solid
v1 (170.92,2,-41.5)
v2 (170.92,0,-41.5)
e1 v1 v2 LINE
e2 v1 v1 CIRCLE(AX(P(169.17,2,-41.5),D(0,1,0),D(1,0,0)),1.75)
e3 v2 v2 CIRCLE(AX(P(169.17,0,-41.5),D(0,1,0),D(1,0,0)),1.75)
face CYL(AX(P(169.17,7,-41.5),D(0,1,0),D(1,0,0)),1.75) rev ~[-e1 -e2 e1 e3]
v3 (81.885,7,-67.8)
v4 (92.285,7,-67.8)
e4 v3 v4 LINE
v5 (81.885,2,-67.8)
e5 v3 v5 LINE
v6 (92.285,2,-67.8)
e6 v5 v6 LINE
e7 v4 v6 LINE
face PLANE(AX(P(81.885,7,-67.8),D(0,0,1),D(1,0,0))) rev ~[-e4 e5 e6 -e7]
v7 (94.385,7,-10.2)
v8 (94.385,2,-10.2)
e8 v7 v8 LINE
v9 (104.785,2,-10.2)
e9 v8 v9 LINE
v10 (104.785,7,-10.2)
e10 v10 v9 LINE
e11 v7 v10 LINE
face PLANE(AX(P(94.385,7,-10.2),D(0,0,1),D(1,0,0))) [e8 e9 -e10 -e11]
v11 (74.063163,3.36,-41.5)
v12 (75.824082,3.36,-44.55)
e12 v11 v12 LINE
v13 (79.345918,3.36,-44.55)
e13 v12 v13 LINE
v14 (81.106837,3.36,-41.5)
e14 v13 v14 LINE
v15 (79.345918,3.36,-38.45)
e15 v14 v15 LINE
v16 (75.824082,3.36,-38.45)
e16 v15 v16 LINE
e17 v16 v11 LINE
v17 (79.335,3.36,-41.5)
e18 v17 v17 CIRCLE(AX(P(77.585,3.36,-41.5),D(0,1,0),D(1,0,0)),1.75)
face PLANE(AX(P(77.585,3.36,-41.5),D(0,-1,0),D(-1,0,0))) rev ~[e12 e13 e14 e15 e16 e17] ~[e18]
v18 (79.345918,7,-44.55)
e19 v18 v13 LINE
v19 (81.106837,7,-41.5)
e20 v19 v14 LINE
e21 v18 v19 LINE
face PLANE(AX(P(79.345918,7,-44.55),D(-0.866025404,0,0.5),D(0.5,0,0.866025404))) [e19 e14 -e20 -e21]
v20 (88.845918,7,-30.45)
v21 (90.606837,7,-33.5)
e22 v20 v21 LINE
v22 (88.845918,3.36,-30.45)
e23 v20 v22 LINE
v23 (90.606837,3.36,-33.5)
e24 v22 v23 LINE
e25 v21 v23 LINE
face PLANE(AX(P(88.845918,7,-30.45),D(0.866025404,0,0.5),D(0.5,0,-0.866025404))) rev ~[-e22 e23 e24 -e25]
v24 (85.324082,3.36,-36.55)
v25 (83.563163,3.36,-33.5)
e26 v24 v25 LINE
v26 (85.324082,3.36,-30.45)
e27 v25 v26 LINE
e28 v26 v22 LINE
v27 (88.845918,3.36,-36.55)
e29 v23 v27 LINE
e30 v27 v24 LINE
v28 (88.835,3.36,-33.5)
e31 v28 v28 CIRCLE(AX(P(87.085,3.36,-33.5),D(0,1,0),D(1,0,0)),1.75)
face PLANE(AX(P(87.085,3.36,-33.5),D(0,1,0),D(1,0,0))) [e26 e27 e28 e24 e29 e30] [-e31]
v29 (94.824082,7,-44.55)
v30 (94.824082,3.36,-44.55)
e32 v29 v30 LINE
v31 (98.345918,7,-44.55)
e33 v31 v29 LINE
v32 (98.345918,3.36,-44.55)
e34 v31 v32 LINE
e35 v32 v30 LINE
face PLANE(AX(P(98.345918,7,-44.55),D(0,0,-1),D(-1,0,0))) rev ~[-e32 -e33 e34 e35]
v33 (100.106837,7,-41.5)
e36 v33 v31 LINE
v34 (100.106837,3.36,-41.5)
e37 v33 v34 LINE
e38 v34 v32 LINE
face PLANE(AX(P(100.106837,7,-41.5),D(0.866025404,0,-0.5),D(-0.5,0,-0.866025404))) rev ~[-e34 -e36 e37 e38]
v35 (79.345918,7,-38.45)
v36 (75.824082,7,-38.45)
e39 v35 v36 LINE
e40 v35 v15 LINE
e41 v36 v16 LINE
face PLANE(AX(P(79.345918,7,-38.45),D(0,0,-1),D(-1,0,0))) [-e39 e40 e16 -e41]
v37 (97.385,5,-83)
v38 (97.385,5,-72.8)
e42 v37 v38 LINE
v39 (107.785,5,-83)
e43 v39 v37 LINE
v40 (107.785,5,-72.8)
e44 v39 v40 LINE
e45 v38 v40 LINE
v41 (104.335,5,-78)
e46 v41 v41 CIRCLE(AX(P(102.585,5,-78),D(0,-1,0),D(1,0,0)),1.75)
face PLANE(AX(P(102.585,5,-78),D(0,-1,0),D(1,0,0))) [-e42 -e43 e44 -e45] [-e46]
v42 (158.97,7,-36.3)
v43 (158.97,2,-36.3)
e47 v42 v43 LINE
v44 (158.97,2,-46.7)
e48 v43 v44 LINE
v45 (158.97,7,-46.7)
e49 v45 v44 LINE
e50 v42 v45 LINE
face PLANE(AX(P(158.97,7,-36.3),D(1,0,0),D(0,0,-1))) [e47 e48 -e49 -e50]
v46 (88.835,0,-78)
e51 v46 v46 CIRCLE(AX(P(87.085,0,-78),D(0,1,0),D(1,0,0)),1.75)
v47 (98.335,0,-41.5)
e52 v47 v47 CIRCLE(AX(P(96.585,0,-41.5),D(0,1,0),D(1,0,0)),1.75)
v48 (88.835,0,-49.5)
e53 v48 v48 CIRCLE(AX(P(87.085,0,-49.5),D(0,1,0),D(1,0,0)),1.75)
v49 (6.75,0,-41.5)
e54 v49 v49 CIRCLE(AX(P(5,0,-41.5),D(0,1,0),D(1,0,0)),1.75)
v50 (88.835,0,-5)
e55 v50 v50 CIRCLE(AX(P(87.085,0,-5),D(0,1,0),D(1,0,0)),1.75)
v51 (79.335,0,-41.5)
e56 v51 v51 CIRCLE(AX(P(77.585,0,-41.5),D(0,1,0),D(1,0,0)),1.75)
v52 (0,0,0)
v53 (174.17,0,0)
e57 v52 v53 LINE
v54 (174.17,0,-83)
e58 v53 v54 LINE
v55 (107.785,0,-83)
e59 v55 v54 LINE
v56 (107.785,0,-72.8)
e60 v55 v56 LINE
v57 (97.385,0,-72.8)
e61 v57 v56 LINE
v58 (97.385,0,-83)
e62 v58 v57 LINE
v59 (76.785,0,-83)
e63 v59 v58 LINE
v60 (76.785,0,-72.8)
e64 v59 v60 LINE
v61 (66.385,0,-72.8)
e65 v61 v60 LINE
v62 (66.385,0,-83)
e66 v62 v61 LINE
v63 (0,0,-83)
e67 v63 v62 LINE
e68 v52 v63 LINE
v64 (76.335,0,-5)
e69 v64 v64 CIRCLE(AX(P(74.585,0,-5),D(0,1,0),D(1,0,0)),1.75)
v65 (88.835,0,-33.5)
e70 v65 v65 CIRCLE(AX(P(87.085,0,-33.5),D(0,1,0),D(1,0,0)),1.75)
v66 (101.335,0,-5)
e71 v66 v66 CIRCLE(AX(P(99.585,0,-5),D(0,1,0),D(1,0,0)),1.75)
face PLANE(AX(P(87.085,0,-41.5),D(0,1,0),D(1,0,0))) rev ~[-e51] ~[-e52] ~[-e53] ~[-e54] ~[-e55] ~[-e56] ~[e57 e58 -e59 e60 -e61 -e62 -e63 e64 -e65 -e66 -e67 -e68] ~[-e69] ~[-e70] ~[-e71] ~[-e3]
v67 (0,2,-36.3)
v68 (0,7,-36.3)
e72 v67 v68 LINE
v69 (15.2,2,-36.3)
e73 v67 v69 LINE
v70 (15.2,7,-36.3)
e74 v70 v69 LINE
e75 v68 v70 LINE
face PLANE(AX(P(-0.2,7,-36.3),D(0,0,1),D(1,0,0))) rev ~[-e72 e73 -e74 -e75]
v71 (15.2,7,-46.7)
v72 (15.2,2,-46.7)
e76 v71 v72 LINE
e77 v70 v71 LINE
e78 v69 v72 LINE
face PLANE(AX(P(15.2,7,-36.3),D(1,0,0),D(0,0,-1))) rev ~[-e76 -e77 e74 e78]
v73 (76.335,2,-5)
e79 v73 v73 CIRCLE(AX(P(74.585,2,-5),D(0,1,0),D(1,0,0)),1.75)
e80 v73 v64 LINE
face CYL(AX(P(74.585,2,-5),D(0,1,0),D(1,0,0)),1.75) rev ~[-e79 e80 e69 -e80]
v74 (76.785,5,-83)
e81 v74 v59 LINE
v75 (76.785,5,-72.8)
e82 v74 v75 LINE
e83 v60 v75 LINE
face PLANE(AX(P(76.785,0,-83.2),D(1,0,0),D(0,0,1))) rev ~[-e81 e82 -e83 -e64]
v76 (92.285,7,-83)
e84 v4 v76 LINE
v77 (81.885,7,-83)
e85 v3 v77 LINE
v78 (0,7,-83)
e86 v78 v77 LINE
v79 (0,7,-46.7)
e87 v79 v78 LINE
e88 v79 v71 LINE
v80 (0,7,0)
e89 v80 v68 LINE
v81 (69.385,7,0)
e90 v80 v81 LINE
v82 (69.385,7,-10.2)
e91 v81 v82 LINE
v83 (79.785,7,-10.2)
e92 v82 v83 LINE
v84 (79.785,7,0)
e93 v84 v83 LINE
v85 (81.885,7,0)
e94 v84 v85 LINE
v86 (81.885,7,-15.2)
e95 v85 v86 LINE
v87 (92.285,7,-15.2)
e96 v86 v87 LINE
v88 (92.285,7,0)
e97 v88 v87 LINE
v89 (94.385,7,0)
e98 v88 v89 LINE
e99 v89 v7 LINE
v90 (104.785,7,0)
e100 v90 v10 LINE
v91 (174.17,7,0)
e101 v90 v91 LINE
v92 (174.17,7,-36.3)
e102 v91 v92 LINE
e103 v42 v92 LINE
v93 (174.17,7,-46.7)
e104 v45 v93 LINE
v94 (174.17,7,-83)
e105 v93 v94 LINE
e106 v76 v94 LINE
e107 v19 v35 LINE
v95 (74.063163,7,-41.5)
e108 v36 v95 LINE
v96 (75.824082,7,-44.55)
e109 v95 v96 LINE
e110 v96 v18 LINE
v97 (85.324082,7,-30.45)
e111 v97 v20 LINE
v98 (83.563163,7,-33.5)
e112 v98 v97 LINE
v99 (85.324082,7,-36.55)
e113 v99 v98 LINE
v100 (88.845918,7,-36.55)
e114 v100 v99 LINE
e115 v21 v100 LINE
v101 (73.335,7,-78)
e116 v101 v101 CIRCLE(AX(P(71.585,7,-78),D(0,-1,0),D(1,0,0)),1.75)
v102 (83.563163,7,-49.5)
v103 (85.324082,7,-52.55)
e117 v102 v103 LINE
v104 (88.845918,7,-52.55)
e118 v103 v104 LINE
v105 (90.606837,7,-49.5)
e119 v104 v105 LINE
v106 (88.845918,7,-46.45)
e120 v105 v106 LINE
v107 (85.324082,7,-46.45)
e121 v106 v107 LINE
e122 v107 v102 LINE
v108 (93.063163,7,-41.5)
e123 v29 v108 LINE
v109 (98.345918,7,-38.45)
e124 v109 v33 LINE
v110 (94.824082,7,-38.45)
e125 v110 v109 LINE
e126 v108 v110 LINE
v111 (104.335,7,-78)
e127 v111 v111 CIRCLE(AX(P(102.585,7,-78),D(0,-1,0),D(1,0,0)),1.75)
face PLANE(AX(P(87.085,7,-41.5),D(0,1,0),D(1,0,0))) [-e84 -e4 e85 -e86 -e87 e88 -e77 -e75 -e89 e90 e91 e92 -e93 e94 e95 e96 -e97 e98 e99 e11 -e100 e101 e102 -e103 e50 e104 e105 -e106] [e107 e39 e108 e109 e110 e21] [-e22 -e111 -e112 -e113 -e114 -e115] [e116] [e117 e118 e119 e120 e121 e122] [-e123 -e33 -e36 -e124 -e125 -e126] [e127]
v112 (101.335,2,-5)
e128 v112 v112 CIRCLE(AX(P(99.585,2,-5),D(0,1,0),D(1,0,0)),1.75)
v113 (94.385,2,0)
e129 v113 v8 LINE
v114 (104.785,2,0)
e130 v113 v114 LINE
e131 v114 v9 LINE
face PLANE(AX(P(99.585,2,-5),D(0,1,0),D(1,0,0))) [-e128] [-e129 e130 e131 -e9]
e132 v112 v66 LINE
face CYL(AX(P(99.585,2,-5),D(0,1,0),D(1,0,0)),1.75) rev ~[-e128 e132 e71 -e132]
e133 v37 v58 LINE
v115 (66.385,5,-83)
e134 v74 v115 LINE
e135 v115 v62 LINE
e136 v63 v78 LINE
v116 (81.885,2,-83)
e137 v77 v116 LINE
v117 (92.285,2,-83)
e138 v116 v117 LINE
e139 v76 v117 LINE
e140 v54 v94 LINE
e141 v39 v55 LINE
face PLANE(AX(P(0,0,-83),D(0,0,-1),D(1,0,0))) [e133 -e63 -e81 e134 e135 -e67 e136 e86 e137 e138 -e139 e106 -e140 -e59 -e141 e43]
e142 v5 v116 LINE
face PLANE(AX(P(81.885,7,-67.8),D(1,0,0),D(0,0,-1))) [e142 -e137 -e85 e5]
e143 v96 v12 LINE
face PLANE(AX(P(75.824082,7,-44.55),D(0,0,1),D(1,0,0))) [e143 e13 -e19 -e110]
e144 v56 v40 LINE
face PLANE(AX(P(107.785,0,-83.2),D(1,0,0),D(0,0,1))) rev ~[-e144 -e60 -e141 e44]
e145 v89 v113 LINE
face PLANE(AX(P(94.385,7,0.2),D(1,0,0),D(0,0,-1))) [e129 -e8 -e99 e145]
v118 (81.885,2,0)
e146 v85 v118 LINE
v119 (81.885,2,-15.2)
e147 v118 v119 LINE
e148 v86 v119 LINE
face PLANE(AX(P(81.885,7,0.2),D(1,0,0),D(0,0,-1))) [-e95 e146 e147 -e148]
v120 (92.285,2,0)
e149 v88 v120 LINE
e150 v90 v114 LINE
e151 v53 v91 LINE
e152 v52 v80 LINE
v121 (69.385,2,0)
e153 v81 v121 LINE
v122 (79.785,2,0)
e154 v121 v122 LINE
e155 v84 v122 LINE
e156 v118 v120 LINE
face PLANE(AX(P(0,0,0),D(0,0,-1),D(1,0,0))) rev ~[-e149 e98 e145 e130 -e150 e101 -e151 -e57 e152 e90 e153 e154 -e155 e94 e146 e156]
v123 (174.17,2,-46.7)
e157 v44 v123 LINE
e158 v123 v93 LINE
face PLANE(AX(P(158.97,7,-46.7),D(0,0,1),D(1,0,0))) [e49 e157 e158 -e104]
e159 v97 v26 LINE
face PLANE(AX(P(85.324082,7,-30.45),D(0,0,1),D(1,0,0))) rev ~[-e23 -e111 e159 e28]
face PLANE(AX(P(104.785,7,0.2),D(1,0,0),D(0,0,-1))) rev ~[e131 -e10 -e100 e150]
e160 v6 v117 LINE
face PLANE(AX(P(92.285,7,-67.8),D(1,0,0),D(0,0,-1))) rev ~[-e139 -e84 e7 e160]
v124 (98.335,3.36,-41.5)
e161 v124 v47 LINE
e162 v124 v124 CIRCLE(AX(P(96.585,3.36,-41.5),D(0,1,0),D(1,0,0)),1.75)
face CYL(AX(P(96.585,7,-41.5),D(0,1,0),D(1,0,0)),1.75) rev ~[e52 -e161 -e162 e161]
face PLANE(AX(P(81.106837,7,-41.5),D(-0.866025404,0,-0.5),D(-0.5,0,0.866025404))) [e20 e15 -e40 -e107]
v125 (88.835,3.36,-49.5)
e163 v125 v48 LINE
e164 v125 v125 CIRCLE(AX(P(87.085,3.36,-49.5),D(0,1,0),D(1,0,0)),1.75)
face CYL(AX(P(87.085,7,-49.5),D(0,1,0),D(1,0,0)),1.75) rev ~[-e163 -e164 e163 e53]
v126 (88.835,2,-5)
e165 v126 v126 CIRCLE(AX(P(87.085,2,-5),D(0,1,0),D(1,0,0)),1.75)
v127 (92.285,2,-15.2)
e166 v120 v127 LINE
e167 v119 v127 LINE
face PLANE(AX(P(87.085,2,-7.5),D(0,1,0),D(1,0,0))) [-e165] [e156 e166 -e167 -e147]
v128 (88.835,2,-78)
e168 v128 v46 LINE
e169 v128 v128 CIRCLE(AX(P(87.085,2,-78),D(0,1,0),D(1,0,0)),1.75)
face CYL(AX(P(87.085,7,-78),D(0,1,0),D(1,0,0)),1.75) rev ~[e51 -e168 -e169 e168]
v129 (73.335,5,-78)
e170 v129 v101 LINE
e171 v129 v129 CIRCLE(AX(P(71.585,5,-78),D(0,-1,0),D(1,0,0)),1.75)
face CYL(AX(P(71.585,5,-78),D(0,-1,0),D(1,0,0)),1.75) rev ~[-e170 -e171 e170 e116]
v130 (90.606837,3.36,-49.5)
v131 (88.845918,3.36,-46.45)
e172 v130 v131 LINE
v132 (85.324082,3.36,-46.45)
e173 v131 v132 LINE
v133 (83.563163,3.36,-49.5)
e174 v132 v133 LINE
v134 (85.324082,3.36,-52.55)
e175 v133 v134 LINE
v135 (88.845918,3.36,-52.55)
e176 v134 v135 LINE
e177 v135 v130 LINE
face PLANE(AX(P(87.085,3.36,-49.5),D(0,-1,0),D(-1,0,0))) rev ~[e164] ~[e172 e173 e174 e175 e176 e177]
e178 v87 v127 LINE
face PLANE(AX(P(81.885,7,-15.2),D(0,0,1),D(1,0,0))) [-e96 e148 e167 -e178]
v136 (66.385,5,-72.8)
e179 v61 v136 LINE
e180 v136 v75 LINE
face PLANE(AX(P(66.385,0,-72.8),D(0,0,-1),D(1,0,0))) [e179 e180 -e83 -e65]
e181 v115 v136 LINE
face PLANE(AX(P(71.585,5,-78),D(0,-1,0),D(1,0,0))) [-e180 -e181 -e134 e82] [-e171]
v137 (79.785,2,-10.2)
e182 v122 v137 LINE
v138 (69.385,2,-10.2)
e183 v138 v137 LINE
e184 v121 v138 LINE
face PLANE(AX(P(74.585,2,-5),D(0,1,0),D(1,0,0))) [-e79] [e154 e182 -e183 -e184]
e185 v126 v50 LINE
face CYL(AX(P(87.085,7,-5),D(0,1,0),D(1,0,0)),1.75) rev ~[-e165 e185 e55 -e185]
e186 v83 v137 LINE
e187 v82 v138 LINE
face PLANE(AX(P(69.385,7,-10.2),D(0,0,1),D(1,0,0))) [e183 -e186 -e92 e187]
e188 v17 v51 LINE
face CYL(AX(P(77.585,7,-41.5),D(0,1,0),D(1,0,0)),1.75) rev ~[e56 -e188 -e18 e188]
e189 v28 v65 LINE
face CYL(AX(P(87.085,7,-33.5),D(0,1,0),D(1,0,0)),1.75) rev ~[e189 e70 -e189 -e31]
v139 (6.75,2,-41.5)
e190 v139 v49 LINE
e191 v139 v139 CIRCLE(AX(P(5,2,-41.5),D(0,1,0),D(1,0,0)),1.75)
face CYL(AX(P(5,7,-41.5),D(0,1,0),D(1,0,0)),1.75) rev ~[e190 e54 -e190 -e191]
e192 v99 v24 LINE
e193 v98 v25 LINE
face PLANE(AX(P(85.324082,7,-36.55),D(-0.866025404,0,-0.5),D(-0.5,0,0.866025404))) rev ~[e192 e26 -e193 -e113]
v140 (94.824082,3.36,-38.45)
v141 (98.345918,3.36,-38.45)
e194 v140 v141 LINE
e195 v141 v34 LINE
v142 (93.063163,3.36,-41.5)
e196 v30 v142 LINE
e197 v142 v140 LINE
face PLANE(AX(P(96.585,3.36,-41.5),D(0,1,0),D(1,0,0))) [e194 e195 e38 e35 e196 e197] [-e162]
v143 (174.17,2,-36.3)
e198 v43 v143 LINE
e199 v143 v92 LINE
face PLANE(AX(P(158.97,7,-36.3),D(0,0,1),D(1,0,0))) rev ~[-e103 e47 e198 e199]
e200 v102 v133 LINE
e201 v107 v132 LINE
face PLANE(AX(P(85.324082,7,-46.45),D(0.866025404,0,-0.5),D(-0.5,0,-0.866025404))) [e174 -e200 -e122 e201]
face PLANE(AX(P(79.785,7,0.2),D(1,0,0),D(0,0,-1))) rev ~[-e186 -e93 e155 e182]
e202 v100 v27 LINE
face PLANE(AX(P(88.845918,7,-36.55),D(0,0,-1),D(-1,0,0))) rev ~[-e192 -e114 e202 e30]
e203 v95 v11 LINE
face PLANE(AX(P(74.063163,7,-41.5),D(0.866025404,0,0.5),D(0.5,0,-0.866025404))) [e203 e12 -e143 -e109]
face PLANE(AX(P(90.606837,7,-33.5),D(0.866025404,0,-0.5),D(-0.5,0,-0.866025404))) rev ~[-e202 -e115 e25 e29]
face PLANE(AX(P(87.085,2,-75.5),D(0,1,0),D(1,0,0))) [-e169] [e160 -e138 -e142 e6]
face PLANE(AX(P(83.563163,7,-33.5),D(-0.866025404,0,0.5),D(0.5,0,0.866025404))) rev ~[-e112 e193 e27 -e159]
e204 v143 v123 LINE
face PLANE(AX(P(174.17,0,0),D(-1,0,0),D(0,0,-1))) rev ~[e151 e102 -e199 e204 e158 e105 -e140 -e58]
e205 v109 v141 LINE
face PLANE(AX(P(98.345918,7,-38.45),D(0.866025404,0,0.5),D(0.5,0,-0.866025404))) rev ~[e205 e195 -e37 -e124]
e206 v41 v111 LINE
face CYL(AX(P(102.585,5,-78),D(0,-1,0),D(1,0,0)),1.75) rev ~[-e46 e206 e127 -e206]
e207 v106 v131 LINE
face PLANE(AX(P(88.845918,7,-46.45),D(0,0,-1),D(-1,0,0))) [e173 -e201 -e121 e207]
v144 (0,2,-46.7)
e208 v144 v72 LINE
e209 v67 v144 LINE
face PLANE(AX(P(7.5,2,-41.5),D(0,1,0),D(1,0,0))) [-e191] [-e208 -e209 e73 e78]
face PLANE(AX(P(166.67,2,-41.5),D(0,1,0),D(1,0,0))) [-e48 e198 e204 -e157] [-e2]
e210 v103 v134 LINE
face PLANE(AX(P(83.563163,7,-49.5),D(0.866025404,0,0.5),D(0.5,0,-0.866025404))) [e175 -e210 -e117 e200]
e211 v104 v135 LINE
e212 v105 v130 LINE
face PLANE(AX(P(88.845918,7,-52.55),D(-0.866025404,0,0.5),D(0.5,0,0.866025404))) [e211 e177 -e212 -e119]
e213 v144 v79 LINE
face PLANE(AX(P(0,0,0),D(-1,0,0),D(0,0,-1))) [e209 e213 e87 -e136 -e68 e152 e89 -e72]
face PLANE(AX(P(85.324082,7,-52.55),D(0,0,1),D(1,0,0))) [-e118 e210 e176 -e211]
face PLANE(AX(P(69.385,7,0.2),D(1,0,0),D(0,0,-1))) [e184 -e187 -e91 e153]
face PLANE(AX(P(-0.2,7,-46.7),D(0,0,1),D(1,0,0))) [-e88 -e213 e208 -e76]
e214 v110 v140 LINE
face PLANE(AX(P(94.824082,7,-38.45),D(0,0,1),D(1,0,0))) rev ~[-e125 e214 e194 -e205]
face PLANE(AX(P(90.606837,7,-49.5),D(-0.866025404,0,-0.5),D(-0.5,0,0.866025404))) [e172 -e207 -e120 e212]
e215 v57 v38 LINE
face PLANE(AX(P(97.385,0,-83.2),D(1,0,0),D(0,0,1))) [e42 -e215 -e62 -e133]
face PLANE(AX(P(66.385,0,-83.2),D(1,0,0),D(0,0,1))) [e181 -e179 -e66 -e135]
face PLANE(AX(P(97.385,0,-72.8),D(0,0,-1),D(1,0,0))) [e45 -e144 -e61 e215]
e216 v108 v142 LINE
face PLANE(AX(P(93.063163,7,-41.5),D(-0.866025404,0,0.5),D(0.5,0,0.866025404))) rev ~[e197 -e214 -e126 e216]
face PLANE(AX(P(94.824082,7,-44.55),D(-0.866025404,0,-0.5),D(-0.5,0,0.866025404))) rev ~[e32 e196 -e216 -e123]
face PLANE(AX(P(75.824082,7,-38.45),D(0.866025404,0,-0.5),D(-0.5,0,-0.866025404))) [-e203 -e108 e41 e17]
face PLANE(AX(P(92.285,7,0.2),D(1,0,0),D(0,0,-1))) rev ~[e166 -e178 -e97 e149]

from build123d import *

# Parameters (mm, degrees)
SKETCH1_W           = 174.17
SKETCH1_H           = 83
BOSS_EXTRUDE1_DEPTH = 7
SKETCH2_R           = 1.75
CUT_EXTRUDE1_DEPTH  = 8
SKETCH3_R           = 1.75
CUT_EXTRUDE2_DEPTH  = 8
SKETCH4_W           = 15.4
SKETCH4_H           = 10.4
SKETCH4_W_2         = 10.4
SKETCH4_H_2         = 15.4
CUT_EXTRUDE3_DEPTH  = 5
SKETCH5_W           = 10.4
SKETCH5_H           = 10.4
CUT_EXTRUDE4_DEPTH  = 5
SKETCH6_R           = 1.75
CUT_EXTRUDE5_DEPTH  = 3
CUT_EXTRUDE6_DEPTH  = 3.64
SKETCH9_W           = 10.4
SKETCH9_H           = 10.4
CUT_EXTRUDE7_DEPTH  = 5
SKETCH10_R          = 1.75
CUT_EXTRUDE8_DEPTH  = 3


with BuildPart() as part:
    # Sketch1 → Boss-Extrude1 (new body)
    with BuildSketch(Plane(origin=(0, 0, 0), x_dir=(1, 0, 0), z_dir=(0, 1, 0))):
        with Locations((87.085, 41.5)):
            Rectangle(SKETCH1_W, SKETCH1_H)
    extrude(amount=BOSS_EXTRUDE1_DEPTH)

    # Sketch2 → Cut-Extrude1 (cut, through all)
    with BuildSketch(Plane(origin=(0, 7, 0), x_dir=(1, 0, 0), z_dir=(0, 1, 0))):
        with Locations((87.085, 49.5)):
            Circle(SKETCH2_R)
        with Locations((77.585, 41.5)):
            Circle(SKETCH2_R)
        with Locations((96.585, 41.5)):
            Circle(SKETCH2_R)
        with Locations((87.085, 33.5)):
            Circle(SKETCH2_R)
    extrude(amount=-CUT_EXTRUDE1_DEPTH, mode=Mode.SUBTRACT)

    # Sketch3 → Cut-Extrude2 (cut, through all)
    with BuildSketch(Plane(origin=(0, 7, 0), x_dir=(1, 0, 0), z_dir=(0, 1, 0))):
        with Locations((87.085, 78)):
            Circle(SKETCH3_R)
        with Locations((5, 41.5)):
            Circle(SKETCH3_R)
        with Locations((87.085, 5)):
            Circle(SKETCH3_R)
        with Locations((169.17, 41.5)):
            Circle(SKETCH3_R)
    extrude(amount=-CUT_EXTRUDE2_DEPTH, mode=Mode.SUBTRACT)

    # Sketch4 → Cut-Extrude3 (cut)
    with BuildSketch(Plane(origin=(0, 7, 0), x_dir=(1, 0, 0), z_dir=(0, 1, 0))):
        with Locations((7.5, 41.5)):
            Rectangle(SKETCH4_W, SKETCH4_H)
        with Locations((87.085, 7.5)):
            Rectangle(SKETCH4_W_2, SKETCH4_H_2)
        with Locations((87.085, 75.5)):
            Rectangle(SKETCH4_W_2, SKETCH4_H_2)
        with Locations((166.67, 41.5)):
            Rectangle(SKETCH4_W, SKETCH4_H)
    extrude(amount=-CUT_EXTRUDE3_DEPTH, mode=Mode.SUBTRACT)

    # Sketch5 → Cut-Extrude4 (cut)
    with BuildSketch(Plane(origin=(0, 7, 0), x_dir=(1, 0, 0), z_dir=(0, 1, 0))):
        with Locations((74.585, 5)):
            Rectangle(SKETCH5_W, SKETCH5_H)
        with Locations((99.585, 5)):
            Rectangle(SKETCH5_W, SKETCH5_H)
    extrude(amount=-CUT_EXTRUDE4_DEPTH, mode=Mode.SUBTRACT)

    # Sketch6 → Cut-Extrude5 (cut, through all)
    with BuildSketch(Plane(origin=(0, 2, 0), x_dir=(1, 0, 0), z_dir=(0, 1, 0))):
        with Locations((74.585, 5)):
            Circle(SKETCH6_R)
        with Locations((99.585, 5)):
            Circle(SKETCH6_R)
    extrude(amount=-CUT_EXTRUDE5_DEPTH, mode=Mode.SUBTRACT)

    # Sketch7 → Cut-Extrude6 (cut)
    with BuildSketch(Plane(origin=(0, 7, 0), x_dir=(1, 0, 0), z_dir=(0, 1, 0))):
        Polygon((75.824081679, 44.55), (79.345918321, 44.55), (81.106836642, 41.5), (79.345918321, 38.45), (75.824081679, 38.45), (74.063163358, 41.5), align=None)
        Polygon((85.324081679, 52.55), (88.845918321, 52.55), (90.606836642, 49.5), (88.845918321, 46.45), (85.324081679, 46.45), (83.563163358, 49.5), align=None)
        Polygon((100.106836642, 41.5), (98.345918321, 44.55), (94.824081679, 44.55), (93.063163358, 41.5), (94.824081679, 38.45), (98.345918321, 38.45), align=None)
        Polygon((83.563163358, 33.5), (85.324081679, 30.45), (88.845918321, 30.45), (90.606836642, 33.5), (88.845918321, 36.55), (85.324081679, 36.55), align=None)
    extrude(amount=-CUT_EXTRUDE6_DEPTH, mode=Mode.SUBTRACT)

    # Sketch9 → Cut-Extrude7 (cut)
    with BuildSketch(Plane.XZ):
        with Locations((71.585, -78)):
            Rectangle(SKETCH9_W, SKETCH9_H)
        with Locations((102.585, -78)):
            Rectangle(SKETCH9_W, SKETCH9_H)
    extrude(amount=-CUT_EXTRUDE7_DEPTH, mode=Mode.SUBTRACT)

    # Sketch10 → Cut-Extrude8 (cut, through all)
    with BuildSketch(Plane.XZ.offset(-5)):
        with Locations((71.585, -78)):
            Circle(SKETCH10_R)
        with Locations((102.585, -78)):
            Circle(SKETCH10_R)
    extrude(amount=-CUT_EXTRUDE8_DEPTH, mode=Mode.SUBTRACT)


solid = part.part
